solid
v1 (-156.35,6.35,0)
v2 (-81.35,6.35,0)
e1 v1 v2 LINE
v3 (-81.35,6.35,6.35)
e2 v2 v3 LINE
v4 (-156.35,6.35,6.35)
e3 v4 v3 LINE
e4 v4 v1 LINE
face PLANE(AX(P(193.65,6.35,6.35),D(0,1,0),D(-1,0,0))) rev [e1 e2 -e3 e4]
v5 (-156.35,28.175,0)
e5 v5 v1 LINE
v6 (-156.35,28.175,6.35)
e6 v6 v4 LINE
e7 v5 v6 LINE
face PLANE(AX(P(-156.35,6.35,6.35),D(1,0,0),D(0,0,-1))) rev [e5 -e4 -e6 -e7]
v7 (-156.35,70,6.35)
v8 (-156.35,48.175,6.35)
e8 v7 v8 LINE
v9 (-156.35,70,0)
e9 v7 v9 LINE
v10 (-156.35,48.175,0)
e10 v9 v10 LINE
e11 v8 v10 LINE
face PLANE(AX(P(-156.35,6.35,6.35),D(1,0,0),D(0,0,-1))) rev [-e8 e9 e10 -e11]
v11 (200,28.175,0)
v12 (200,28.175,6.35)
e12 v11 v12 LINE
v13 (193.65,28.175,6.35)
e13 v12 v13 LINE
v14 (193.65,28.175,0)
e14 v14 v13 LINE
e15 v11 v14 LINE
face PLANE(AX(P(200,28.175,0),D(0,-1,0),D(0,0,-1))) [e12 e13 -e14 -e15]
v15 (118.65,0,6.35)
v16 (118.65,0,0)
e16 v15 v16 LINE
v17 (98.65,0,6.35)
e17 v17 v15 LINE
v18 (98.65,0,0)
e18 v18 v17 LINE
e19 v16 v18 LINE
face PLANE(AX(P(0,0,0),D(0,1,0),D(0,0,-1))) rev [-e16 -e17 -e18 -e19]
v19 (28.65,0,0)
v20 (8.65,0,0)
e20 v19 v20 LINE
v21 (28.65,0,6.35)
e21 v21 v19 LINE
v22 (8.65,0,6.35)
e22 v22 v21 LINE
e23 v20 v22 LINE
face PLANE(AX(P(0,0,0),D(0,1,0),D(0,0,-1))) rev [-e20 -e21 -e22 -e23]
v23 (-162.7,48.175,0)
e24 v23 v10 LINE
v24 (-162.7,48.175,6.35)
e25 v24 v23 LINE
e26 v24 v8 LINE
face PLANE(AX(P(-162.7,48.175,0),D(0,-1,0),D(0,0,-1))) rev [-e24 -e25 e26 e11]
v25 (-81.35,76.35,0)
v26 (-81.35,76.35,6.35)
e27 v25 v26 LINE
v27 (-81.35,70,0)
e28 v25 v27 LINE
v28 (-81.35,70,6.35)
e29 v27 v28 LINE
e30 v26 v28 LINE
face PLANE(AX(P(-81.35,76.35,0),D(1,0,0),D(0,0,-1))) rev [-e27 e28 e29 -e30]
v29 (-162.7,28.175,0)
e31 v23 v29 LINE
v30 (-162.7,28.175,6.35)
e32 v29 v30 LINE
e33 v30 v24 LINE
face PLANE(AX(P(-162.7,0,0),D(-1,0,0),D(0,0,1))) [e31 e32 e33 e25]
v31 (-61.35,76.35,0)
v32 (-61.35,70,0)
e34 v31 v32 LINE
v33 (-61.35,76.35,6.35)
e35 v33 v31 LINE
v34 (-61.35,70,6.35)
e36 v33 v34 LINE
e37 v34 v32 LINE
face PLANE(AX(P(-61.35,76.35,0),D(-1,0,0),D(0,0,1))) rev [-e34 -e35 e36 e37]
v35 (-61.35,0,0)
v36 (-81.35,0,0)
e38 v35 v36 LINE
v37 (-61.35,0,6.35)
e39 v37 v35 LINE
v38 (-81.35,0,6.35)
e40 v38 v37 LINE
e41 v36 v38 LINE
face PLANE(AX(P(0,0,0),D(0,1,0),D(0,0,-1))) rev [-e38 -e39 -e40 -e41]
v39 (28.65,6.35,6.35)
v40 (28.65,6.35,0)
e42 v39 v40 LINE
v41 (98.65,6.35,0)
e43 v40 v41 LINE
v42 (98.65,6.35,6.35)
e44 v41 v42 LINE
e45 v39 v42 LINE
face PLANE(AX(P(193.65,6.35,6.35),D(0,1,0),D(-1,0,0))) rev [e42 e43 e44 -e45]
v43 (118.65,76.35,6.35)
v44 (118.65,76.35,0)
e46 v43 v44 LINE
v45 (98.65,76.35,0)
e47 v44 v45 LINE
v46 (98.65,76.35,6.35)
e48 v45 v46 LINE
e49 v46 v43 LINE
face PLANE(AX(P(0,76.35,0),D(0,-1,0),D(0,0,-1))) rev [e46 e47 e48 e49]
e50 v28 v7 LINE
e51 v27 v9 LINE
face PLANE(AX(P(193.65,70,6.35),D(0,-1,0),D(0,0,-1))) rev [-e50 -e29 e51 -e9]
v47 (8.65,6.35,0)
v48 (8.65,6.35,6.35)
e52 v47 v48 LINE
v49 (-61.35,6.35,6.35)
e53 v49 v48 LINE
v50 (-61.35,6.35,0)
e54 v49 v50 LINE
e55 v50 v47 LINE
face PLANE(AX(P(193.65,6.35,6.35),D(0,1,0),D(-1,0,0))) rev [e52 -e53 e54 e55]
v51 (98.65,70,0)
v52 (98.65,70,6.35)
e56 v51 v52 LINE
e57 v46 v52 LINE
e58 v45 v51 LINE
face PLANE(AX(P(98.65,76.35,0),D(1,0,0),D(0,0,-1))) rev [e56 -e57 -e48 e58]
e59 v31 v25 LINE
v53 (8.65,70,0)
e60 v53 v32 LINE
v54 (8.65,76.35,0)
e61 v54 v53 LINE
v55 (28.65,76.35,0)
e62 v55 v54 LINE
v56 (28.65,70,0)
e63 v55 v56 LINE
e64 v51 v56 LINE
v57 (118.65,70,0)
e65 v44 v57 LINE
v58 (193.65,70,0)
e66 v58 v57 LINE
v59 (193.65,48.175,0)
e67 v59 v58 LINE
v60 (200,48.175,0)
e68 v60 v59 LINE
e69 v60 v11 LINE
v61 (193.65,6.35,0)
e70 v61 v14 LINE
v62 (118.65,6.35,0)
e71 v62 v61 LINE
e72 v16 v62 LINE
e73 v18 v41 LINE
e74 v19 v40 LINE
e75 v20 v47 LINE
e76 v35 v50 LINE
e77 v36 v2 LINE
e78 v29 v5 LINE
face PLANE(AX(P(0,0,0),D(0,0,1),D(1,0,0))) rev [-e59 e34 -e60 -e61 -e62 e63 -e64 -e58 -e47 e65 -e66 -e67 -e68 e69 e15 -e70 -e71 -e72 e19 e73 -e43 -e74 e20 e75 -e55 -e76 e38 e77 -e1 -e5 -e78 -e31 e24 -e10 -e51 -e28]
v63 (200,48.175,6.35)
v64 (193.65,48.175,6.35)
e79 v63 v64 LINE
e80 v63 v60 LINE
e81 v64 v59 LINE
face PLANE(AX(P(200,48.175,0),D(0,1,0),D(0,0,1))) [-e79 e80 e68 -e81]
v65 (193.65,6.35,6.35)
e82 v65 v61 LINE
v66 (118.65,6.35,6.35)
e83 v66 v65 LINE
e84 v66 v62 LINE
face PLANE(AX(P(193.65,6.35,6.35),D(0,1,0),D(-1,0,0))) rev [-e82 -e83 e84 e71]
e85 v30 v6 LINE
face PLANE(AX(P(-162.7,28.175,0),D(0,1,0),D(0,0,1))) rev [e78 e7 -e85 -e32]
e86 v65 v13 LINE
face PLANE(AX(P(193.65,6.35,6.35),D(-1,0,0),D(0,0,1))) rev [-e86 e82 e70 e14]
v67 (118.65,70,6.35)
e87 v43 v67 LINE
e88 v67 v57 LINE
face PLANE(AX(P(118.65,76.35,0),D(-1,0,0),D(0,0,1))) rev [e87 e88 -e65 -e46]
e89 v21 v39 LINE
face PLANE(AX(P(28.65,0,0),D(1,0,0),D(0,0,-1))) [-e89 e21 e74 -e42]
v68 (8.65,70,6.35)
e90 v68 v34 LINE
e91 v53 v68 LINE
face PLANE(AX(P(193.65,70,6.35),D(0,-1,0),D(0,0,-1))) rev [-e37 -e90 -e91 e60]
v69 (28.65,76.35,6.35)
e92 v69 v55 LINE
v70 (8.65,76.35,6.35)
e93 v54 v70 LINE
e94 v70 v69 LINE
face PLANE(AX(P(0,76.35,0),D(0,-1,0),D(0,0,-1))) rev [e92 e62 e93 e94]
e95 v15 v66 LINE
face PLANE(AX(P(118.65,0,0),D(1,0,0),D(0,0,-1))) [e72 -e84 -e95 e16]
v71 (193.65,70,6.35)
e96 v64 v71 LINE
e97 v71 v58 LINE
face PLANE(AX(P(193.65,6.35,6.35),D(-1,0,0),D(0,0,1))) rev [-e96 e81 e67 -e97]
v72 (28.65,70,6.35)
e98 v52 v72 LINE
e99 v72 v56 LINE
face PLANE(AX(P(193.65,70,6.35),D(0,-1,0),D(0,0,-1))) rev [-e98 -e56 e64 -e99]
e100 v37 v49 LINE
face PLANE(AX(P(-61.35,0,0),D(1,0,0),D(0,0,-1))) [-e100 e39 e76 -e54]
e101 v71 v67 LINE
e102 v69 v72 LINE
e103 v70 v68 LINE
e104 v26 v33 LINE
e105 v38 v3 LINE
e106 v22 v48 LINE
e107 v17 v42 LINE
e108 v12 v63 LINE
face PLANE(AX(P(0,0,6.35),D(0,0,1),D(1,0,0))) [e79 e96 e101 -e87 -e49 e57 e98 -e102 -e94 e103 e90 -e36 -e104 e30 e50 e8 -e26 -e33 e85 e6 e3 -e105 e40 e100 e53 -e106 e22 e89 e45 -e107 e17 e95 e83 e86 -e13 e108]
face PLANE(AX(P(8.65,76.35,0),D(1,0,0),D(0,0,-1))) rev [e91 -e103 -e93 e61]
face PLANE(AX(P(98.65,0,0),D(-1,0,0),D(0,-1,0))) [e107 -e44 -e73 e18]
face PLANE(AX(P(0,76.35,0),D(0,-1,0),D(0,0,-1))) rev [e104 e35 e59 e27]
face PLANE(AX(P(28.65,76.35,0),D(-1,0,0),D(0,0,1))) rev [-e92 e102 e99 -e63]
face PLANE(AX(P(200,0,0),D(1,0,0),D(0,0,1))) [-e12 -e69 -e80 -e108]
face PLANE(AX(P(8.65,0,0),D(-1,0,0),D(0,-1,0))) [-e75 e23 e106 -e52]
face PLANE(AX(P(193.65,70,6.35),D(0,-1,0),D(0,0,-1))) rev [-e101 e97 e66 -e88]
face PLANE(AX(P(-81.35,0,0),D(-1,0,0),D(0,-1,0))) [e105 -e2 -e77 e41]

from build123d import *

# Parameters (mm, degrees)
CROQUIS1_W              = 350
CROQUIS1_H              = 63.65
SALIENTE_EXTRUIR1_DEPTH = 6.35
CROQUIS2_W              = 6.35
CROQUIS2_H              = 20
SALIENTE_EXTRUIR2_DEPTH = 6.35
CROQUIS3_W              = 20
CROQUIS3_H              = 6.35
SALIENTE_EXTRUIR3_DEPTH = 6.35


with BuildPart() as part:
    # Croquis1 → Saliente-Extruir1 (new body)
    with BuildSketch(Plane(origin=(0, 0, 0), x_dir=(-1, 0, 0), z_dir=(0, 0, 1))):
        with Locations((-18.650000026, -38.175)):
            Rectangle(CROQUIS1_W, CROQUIS1_H)
    extrude(amount=SALIENTE_EXTRUIR1_DEPTH)

    # Croquis2 → Saliente-Extruir2 (add)
    with BuildSketch(Plane.ZY.offset(156.349999974)):
        with Locations((3.175, 38.175)):
            Rectangle(CROQUIS2_W, CROQUIS2_H)
    saliente_extruir2 = extrude(amount=SALIENTE_EXTRUIR2_DEPTH)

    # Simetría1: Saliente-Extruir2 across plane
    add(saliente_extruir2.mirror(Plane(origin=(18.650000026, 0, 0), x_dir=(0, 0, 1), z_dir=(1, 0, 0))))

    # Croquis3 → Saliente-Extruir3 (add)
    with BuildSketch(Plane(origin=(0, 70, 0), x_dir=(1, 0, 0), z_dir=(0, 1, 0))):
        with Locations((18.650000026, -3.175)):
            Rectangle(CROQUIS3_W, CROQUIS3_H)
        with Locations((108.650000026, -3.175)):
            Rectangle(CROQUIS3_W, CROQUIS3_H)
        with Locations((-71.349999974, -3.175)):
            Rectangle(CROQUIS3_W, CROQUIS3_H)
    saliente_extruir3 = extrude(amount=SALIENTE_EXTRUIR3_DEPTH)

    # Simetría2: Saliente-Extruir3 across plane
    add(saliente_extruir3.mirror(Plane.ZX.offset(38.175)))


solid = part.part
